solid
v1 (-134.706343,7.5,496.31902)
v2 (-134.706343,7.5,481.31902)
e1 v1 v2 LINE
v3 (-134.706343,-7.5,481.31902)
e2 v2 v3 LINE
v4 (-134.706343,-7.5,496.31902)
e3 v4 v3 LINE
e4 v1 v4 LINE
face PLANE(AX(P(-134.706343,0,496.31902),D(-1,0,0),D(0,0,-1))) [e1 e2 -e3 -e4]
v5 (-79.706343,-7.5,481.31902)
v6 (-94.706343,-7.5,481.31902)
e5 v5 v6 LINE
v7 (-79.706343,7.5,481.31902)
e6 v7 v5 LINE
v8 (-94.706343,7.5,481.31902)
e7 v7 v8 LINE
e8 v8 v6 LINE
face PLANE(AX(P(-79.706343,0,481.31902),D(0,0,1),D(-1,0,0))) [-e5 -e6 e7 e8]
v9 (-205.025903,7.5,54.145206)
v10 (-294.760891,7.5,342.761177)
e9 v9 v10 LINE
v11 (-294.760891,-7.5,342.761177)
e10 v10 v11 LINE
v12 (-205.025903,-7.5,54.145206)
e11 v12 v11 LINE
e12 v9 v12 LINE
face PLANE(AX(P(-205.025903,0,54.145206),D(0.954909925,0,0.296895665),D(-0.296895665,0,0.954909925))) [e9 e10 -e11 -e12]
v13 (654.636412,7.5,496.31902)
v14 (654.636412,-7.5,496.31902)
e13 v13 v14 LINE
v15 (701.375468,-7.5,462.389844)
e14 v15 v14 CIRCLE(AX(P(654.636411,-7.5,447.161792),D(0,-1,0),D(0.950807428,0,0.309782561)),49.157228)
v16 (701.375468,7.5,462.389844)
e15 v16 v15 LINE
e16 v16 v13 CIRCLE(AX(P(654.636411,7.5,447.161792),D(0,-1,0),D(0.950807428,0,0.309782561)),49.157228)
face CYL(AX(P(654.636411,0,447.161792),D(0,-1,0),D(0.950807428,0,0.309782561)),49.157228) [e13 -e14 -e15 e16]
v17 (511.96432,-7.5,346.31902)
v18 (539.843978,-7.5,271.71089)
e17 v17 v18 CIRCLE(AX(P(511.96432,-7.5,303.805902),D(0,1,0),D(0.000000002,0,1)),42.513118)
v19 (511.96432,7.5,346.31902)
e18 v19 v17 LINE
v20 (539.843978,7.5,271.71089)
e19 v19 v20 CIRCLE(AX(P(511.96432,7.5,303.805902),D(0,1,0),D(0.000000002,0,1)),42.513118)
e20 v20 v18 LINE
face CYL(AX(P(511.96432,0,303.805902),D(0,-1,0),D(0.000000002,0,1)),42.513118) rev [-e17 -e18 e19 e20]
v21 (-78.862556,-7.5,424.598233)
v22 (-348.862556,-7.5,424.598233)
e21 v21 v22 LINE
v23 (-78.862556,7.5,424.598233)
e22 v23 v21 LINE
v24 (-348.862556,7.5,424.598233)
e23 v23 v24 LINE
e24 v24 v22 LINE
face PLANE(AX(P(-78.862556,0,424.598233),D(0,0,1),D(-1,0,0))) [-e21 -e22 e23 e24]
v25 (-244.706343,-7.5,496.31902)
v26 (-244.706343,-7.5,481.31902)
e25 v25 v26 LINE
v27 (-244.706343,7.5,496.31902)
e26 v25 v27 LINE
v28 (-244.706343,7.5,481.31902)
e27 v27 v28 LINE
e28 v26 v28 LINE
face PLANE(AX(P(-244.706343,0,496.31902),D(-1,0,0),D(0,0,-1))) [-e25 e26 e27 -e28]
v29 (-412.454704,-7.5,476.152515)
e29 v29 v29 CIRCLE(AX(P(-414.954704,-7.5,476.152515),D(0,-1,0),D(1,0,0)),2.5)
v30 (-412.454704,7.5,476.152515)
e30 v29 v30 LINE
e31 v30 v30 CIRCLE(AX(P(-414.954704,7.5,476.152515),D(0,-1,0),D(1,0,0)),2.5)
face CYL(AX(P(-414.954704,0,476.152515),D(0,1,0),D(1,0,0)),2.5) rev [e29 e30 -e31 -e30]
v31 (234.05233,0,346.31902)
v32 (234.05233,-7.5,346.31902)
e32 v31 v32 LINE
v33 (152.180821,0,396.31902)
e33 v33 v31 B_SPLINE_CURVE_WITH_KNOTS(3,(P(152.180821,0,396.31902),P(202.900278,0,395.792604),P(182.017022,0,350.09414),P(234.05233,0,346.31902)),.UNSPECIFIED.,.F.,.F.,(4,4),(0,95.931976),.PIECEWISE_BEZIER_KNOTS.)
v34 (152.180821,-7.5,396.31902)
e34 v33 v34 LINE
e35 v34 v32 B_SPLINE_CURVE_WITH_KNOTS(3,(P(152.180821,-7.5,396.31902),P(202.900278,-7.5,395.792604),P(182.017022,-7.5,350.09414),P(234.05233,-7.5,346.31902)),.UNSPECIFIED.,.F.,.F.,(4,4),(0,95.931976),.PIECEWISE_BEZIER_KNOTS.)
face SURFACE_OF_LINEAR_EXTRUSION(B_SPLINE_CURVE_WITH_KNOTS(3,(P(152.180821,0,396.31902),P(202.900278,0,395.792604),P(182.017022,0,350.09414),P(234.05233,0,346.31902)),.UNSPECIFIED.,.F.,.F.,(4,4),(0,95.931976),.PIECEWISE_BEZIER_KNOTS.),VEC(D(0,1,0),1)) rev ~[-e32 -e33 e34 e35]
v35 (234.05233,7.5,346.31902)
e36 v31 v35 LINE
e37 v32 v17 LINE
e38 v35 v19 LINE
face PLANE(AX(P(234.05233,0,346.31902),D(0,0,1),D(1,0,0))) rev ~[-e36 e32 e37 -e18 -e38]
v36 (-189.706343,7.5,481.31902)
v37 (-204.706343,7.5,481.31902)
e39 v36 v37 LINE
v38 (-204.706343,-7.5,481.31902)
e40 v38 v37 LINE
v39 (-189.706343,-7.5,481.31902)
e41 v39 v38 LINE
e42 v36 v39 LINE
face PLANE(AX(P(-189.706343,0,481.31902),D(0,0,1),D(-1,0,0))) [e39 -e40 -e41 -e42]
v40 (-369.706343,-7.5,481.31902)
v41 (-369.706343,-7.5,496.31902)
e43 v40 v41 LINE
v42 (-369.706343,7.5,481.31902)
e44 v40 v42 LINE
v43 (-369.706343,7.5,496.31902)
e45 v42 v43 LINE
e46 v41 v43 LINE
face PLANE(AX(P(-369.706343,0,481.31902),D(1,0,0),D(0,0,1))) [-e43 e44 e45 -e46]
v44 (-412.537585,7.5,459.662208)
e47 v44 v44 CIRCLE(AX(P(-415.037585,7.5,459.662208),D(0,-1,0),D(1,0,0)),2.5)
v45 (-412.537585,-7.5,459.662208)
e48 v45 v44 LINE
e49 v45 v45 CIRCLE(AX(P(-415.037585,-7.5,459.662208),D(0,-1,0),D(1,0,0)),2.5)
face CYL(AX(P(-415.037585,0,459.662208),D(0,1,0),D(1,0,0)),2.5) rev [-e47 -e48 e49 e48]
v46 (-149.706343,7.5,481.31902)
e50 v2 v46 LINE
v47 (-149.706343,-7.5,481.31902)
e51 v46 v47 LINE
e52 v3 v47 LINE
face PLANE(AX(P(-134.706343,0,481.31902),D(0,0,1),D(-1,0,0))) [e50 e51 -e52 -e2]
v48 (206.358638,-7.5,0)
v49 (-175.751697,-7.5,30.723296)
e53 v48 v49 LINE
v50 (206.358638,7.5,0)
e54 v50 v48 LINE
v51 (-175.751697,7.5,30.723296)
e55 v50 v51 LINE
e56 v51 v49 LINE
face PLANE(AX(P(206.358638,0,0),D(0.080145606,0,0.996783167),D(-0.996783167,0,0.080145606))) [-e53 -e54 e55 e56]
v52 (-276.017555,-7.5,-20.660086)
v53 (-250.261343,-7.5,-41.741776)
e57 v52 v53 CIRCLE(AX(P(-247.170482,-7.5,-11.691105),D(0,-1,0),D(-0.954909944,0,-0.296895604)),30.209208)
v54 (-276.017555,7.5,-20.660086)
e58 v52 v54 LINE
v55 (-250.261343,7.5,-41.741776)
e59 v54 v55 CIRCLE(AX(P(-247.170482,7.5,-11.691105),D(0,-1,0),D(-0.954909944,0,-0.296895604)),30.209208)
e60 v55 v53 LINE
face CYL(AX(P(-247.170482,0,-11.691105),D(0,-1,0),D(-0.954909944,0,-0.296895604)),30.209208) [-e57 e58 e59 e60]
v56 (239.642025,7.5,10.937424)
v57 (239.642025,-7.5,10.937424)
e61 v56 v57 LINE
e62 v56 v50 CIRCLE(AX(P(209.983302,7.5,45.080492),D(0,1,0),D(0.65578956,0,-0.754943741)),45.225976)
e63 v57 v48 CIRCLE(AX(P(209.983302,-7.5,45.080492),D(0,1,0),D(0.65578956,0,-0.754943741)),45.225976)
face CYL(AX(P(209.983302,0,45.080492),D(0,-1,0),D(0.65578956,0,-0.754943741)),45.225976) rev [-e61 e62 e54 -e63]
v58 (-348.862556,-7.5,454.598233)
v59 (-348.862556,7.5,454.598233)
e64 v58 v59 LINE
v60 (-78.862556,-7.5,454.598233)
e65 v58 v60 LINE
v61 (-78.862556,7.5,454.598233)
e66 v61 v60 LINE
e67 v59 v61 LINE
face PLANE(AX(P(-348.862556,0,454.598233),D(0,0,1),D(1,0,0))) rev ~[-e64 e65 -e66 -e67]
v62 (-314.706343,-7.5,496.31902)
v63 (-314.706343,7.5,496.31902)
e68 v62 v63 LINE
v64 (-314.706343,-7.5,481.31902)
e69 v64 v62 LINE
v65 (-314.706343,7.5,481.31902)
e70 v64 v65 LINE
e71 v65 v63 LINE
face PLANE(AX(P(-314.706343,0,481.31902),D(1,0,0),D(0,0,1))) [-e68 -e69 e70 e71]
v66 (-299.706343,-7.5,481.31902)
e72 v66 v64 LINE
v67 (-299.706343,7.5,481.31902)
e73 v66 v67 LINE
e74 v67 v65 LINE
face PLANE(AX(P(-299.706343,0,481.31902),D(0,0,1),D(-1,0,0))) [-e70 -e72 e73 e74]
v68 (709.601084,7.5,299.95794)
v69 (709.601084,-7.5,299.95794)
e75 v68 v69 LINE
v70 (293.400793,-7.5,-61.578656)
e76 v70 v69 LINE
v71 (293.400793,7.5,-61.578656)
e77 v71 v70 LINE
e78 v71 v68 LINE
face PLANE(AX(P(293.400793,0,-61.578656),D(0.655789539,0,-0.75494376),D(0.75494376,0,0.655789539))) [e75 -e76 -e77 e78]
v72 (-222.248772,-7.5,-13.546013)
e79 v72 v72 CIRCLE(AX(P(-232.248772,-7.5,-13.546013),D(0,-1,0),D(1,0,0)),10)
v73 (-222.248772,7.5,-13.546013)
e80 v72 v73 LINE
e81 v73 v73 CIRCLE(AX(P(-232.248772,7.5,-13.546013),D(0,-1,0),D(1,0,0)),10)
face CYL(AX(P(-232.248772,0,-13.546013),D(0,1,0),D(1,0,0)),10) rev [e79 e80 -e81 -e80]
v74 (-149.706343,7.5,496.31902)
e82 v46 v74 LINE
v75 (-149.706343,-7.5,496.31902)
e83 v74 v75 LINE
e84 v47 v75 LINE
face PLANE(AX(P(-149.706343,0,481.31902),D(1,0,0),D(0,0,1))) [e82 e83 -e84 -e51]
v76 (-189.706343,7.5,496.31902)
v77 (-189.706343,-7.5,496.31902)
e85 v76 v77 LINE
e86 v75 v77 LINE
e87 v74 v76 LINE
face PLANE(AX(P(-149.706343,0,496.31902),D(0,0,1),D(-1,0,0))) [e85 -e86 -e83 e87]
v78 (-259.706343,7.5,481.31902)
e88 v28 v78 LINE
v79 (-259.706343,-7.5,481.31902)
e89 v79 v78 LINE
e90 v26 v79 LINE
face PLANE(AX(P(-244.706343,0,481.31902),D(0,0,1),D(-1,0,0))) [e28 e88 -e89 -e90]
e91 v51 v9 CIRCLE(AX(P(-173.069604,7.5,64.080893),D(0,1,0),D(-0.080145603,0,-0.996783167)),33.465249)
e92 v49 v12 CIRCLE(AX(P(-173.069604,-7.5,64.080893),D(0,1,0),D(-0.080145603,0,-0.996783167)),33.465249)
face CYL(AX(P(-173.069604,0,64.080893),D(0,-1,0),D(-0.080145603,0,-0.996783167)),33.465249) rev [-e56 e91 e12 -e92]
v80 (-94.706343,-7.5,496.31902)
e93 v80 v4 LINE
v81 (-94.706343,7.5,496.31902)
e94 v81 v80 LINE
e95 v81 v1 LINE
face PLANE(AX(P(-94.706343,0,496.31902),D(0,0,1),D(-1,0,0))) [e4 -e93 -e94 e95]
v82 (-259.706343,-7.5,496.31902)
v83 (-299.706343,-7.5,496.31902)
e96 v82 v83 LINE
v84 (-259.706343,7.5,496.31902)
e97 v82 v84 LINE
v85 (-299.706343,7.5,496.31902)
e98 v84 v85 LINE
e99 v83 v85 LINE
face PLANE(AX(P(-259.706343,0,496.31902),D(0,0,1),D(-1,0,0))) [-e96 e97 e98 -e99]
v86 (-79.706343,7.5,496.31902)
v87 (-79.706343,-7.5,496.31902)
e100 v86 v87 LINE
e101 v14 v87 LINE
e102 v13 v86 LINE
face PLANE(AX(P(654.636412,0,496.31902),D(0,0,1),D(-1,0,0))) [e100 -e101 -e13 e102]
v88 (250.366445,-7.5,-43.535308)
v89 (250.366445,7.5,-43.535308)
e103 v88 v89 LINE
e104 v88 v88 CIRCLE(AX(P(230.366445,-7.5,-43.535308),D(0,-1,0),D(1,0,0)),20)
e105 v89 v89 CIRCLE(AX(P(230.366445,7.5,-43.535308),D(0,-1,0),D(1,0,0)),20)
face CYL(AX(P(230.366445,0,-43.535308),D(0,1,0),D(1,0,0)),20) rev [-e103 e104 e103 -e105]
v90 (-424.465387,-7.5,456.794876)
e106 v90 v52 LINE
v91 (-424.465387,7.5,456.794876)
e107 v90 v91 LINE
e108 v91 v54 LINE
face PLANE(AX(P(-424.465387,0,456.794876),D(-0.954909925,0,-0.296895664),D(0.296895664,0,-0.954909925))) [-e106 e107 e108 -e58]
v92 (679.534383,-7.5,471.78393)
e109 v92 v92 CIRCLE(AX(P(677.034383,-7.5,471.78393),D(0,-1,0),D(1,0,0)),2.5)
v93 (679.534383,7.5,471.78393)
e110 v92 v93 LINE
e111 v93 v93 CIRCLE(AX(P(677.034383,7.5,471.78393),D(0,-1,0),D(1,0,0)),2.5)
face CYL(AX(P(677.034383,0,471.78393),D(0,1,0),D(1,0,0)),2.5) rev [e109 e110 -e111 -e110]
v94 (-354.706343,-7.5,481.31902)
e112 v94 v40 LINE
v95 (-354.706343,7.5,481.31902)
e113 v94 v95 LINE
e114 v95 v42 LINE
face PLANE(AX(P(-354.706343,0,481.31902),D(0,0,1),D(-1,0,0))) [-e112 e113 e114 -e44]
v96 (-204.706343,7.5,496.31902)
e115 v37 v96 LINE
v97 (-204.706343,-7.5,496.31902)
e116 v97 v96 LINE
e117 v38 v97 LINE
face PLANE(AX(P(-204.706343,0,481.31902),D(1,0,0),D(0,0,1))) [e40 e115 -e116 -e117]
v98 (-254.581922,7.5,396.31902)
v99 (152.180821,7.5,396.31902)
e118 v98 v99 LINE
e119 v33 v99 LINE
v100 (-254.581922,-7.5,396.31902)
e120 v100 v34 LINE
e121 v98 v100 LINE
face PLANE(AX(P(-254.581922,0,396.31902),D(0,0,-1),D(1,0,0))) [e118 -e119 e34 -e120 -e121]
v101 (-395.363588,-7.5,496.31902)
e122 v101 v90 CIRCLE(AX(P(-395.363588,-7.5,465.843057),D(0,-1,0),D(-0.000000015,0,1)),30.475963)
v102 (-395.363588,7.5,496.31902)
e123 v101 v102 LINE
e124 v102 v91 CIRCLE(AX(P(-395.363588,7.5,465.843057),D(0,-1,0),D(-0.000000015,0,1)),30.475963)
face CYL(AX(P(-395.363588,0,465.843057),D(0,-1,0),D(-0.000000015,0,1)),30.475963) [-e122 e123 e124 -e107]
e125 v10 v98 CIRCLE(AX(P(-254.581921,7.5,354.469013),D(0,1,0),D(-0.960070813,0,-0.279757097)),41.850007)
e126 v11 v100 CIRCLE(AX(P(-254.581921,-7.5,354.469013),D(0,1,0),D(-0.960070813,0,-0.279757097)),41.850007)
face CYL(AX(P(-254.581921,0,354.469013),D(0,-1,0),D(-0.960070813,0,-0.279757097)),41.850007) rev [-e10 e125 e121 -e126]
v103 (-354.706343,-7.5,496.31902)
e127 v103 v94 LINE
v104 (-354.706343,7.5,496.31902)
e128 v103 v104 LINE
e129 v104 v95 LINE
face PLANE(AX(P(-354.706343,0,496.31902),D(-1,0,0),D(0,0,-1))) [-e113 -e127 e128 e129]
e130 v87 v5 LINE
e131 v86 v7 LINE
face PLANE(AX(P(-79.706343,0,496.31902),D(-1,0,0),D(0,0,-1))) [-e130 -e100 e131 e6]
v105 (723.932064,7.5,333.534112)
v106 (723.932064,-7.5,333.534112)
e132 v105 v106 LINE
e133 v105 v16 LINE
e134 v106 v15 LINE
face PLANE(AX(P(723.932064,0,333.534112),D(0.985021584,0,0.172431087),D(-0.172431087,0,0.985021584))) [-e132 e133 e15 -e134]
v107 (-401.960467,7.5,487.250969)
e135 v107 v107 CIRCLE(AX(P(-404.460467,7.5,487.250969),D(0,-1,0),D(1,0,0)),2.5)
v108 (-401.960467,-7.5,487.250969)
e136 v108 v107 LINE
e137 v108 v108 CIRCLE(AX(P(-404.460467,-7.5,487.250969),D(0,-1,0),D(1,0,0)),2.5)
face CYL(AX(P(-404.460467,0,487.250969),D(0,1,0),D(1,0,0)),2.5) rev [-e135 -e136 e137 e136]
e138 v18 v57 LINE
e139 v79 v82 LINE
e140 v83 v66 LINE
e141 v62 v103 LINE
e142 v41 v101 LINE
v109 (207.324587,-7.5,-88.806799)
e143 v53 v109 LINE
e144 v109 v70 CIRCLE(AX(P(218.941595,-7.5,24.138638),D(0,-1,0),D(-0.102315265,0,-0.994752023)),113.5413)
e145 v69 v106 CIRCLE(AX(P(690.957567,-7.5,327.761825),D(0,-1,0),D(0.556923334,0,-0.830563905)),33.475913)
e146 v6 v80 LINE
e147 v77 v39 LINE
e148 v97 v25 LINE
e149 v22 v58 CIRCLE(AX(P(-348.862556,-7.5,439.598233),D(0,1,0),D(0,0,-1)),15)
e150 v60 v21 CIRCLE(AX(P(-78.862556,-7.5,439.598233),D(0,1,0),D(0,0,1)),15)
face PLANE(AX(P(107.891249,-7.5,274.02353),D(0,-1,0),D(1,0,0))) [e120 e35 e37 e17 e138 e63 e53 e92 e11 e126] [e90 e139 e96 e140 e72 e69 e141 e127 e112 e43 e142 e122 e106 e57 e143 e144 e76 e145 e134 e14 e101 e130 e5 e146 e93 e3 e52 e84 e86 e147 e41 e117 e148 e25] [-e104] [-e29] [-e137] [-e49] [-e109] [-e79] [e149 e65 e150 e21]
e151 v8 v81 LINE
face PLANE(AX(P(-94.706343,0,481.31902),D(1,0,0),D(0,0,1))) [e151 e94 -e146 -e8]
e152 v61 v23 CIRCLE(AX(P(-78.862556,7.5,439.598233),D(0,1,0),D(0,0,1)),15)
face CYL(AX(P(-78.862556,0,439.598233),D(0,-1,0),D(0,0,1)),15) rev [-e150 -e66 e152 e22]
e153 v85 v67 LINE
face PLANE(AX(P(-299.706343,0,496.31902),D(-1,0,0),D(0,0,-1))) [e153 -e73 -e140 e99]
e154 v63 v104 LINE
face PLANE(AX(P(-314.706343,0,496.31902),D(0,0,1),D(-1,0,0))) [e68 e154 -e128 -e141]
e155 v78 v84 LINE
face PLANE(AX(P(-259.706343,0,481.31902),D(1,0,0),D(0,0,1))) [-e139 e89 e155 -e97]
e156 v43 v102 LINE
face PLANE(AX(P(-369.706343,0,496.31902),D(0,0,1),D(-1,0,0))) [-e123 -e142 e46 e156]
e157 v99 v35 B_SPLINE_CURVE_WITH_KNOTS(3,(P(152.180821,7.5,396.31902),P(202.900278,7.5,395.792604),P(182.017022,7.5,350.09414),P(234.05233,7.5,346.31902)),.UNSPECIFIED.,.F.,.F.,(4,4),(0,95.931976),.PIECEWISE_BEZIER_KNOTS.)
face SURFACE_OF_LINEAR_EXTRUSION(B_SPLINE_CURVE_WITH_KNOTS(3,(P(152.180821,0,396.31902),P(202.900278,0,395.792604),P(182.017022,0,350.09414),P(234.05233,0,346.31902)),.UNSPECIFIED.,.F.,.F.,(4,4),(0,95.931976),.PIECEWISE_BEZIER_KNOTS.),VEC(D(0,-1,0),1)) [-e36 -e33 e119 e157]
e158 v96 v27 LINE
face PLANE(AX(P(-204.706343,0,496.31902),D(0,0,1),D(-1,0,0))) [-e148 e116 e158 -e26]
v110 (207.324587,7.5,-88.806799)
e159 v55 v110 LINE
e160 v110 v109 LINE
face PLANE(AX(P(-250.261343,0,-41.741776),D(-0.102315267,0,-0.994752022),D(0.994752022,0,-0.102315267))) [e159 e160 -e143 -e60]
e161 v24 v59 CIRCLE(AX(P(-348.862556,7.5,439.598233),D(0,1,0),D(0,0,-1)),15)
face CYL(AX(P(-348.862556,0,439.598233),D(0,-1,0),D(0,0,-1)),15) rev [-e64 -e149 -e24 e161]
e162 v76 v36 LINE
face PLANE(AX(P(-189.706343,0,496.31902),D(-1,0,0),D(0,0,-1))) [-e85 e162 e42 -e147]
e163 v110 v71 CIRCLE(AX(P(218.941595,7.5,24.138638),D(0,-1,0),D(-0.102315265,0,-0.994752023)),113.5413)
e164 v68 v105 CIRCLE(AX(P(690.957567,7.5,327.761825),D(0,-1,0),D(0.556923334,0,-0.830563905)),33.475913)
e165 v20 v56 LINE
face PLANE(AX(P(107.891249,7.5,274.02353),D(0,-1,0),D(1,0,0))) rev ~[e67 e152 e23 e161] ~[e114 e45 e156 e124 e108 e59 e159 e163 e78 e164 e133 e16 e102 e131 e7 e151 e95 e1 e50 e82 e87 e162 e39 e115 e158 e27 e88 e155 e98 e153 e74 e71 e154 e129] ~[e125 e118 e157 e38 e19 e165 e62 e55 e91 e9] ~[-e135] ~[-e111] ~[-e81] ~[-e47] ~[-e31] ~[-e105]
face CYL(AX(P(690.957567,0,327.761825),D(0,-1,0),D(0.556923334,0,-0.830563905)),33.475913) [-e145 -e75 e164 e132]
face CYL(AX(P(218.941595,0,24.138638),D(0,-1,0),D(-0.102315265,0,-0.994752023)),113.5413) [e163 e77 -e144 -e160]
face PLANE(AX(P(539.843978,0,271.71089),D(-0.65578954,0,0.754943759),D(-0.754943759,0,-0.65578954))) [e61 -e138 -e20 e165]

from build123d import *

# Parameters (mm, degrees)
F0_R     = 10
F0_R_2   = 20
F0_R_3   = 2.5
F1_DEPTH = 7.5


with BuildPart() as f1:
    # F0 (on Front) → F1 (new body, symmetric)
    with BuildSketch(Plane.XZ):
        with BuildLine():
            ThreePointArc((-276.017555, -20.660086), (-266.304674, -35.067994), (-250.261343, -41.741776))
            Line((-250.261343, -41.741776), (207.324587, -88.806799))
            ThreePointArc((207.324587, -88.806799), (253.185254, -84.115685), (293.400793, -61.578656))
            Line((293.400793, -61.578656), (709.601084, 299.95794))
            ThreePointArc((709.601084, 299.95794), (721.746277, 314.620589), (723.932064, 333.534112))
            Line((723.932064, 333.534112), (701.375468, 462.389844))
            ThreePointArc((701.375468, 462.389844), (683.514294, 486.942452), (654.636412, 496.31902))
            Line((654.636412, 496.31902), (-79.706343, 496.31902))
            Line((-79.706343, 496.31902), (-79.706343, 481.31902))
            Line((-79.706343, 481.31902), (-94.706343, 481.31902))
            Line((-94.706343, 481.31902), (-94.706343, 496.31902))
            Line((-94.706343, 496.31902), (-134.706343, 496.31902))
            Line((-134.706343, 496.31902), (-134.706343, 481.31902))
            Line((-134.706343, 481.31902), (-149.706343, 481.31902))
            Line((-149.706343, 481.31902), (-149.706343, 496.31902))
            Line((-149.706343, 496.31902), (-189.706343, 496.31902))
            Line((-189.706343, 496.31902), (-189.706343, 481.31902))
            Line((-189.706343, 481.31902), (-204.706343, 481.31902))
            Line((-204.706343, 481.31902), (-204.706343, 496.31902))
            Line((-204.706343, 496.31902), (-244.706343, 496.31902))
            Line((-244.706343, 496.31902), (-244.706343, 481.31902))
            Line((-244.706343, 481.31902), (-259.706343, 481.31902))
            Line((-259.706343, 481.31902), (-259.706343, 496.31902))
            Line((-259.706343, 496.31902), (-299.706343, 496.31902))
            Line((-299.706343, 496.31902), (-299.706343, 481.31902))
            Line((-299.706343, 481.31902), (-314.706343, 481.31902))
            Line((-314.706343, 481.31902), (-314.706343, 496.31902))
            Line((-314.706343, 496.31902), (-354.706343, 496.31902))
            Line((-354.706343, 496.31902), (-354.706343, 481.31902))
            Line((-354.706343, 481.31902), (-369.706343, 481.31902))
            Line((-369.706343, 481.31902), (-369.706343, 496.31902))
            Line((-369.706343, 496.31902), (-395.363588, 496.31902))
            ThreePointArc((-395.363588, 496.31902), (-419.90474, 483.912815), (-424.465387, 456.794876))
            Line((-424.465387, 456.794876), (-276.017555, -20.660086))
        make_face()
        with Locations((-232.248772, -13.546013)):
            Circle(F0_R, mode=Mode.SUBTRACT)
        with BuildLine():
            Line((-205.025903, 54.145206), (-294.760891, 342.761177))
            ThreePointArc((-294.760891, 342.761177), (-288.05875, 379.583252), (-254.581922, 396.31902))
            Line((-254.581922, 396.31902), (152.180821, 396.31902))
            add(Edge.make_bspline(
                [(152.180821, 396.31902), (202.900278, 395.792604), (182.017022, 350.09414), (234.05233, 346.31902)],
                knots=[0, 0, 0, 0, 95.931976, 95.931976, 95.931976, 95.931976], degree=3))
            Line((234.05233, 346.31902), (511.96432, 346.31902))
            ThreePointArc((511.96432, 346.31902), (551.787832, 318.687201), (539.843978, 271.71089))
            Line((539.843978, 271.71089), (239.642025, 10.937424))
            ThreePointArc((239.642025, 10.937424), (224.102433, 2.114935), (206.358638, 0))
            Line((206.358638, 0), (-175.751697, 30.723296))
            ThreePointArc((-175.751697, 30.723296), (-193.976565, 37.950032), (-205.025903, 54.145206))
        make_face(mode=Mode.SUBTRACT)
        with Locations((230.366445, -43.535308)):
            Circle(F0_R_2, mode=Mode.SUBTRACT)
        with Locations((-415.037585, 459.662208)):
            Circle(F0_R_3, mode=Mode.SUBTRACT)
        with Locations((-414.954704, 476.152515)):
            Circle(F0_R_3, mode=Mode.SUBTRACT)
        with Locations((-404.460467, 487.250969)):
            Circle(F0_R_3, mode=Mode.SUBTRACT)
        with BuildLine():
            ThreePointArc((-348.862556, 424.598233), (-363.862556, 439.598233), (-348.862556, 454.598233))
            Line((-348.862556, 454.598233), (-78.862556, 454.598233))
            ThreePointArc((-78.862556, 454.598233), (-63.862556, 439.598233), (-78.862556, 424.598233))
            Line((-78.862556, 424.598233), (-348.862556, 424.598233))
        make_face(mode=Mode.SUBTRACT)
        with Locations((677.034383, 471.78393)):
            Circle(F0_R_3, mode=Mode.SUBTRACT)
    extrude(amount=F1_DEPTH, both=True)


solid = f1.part
